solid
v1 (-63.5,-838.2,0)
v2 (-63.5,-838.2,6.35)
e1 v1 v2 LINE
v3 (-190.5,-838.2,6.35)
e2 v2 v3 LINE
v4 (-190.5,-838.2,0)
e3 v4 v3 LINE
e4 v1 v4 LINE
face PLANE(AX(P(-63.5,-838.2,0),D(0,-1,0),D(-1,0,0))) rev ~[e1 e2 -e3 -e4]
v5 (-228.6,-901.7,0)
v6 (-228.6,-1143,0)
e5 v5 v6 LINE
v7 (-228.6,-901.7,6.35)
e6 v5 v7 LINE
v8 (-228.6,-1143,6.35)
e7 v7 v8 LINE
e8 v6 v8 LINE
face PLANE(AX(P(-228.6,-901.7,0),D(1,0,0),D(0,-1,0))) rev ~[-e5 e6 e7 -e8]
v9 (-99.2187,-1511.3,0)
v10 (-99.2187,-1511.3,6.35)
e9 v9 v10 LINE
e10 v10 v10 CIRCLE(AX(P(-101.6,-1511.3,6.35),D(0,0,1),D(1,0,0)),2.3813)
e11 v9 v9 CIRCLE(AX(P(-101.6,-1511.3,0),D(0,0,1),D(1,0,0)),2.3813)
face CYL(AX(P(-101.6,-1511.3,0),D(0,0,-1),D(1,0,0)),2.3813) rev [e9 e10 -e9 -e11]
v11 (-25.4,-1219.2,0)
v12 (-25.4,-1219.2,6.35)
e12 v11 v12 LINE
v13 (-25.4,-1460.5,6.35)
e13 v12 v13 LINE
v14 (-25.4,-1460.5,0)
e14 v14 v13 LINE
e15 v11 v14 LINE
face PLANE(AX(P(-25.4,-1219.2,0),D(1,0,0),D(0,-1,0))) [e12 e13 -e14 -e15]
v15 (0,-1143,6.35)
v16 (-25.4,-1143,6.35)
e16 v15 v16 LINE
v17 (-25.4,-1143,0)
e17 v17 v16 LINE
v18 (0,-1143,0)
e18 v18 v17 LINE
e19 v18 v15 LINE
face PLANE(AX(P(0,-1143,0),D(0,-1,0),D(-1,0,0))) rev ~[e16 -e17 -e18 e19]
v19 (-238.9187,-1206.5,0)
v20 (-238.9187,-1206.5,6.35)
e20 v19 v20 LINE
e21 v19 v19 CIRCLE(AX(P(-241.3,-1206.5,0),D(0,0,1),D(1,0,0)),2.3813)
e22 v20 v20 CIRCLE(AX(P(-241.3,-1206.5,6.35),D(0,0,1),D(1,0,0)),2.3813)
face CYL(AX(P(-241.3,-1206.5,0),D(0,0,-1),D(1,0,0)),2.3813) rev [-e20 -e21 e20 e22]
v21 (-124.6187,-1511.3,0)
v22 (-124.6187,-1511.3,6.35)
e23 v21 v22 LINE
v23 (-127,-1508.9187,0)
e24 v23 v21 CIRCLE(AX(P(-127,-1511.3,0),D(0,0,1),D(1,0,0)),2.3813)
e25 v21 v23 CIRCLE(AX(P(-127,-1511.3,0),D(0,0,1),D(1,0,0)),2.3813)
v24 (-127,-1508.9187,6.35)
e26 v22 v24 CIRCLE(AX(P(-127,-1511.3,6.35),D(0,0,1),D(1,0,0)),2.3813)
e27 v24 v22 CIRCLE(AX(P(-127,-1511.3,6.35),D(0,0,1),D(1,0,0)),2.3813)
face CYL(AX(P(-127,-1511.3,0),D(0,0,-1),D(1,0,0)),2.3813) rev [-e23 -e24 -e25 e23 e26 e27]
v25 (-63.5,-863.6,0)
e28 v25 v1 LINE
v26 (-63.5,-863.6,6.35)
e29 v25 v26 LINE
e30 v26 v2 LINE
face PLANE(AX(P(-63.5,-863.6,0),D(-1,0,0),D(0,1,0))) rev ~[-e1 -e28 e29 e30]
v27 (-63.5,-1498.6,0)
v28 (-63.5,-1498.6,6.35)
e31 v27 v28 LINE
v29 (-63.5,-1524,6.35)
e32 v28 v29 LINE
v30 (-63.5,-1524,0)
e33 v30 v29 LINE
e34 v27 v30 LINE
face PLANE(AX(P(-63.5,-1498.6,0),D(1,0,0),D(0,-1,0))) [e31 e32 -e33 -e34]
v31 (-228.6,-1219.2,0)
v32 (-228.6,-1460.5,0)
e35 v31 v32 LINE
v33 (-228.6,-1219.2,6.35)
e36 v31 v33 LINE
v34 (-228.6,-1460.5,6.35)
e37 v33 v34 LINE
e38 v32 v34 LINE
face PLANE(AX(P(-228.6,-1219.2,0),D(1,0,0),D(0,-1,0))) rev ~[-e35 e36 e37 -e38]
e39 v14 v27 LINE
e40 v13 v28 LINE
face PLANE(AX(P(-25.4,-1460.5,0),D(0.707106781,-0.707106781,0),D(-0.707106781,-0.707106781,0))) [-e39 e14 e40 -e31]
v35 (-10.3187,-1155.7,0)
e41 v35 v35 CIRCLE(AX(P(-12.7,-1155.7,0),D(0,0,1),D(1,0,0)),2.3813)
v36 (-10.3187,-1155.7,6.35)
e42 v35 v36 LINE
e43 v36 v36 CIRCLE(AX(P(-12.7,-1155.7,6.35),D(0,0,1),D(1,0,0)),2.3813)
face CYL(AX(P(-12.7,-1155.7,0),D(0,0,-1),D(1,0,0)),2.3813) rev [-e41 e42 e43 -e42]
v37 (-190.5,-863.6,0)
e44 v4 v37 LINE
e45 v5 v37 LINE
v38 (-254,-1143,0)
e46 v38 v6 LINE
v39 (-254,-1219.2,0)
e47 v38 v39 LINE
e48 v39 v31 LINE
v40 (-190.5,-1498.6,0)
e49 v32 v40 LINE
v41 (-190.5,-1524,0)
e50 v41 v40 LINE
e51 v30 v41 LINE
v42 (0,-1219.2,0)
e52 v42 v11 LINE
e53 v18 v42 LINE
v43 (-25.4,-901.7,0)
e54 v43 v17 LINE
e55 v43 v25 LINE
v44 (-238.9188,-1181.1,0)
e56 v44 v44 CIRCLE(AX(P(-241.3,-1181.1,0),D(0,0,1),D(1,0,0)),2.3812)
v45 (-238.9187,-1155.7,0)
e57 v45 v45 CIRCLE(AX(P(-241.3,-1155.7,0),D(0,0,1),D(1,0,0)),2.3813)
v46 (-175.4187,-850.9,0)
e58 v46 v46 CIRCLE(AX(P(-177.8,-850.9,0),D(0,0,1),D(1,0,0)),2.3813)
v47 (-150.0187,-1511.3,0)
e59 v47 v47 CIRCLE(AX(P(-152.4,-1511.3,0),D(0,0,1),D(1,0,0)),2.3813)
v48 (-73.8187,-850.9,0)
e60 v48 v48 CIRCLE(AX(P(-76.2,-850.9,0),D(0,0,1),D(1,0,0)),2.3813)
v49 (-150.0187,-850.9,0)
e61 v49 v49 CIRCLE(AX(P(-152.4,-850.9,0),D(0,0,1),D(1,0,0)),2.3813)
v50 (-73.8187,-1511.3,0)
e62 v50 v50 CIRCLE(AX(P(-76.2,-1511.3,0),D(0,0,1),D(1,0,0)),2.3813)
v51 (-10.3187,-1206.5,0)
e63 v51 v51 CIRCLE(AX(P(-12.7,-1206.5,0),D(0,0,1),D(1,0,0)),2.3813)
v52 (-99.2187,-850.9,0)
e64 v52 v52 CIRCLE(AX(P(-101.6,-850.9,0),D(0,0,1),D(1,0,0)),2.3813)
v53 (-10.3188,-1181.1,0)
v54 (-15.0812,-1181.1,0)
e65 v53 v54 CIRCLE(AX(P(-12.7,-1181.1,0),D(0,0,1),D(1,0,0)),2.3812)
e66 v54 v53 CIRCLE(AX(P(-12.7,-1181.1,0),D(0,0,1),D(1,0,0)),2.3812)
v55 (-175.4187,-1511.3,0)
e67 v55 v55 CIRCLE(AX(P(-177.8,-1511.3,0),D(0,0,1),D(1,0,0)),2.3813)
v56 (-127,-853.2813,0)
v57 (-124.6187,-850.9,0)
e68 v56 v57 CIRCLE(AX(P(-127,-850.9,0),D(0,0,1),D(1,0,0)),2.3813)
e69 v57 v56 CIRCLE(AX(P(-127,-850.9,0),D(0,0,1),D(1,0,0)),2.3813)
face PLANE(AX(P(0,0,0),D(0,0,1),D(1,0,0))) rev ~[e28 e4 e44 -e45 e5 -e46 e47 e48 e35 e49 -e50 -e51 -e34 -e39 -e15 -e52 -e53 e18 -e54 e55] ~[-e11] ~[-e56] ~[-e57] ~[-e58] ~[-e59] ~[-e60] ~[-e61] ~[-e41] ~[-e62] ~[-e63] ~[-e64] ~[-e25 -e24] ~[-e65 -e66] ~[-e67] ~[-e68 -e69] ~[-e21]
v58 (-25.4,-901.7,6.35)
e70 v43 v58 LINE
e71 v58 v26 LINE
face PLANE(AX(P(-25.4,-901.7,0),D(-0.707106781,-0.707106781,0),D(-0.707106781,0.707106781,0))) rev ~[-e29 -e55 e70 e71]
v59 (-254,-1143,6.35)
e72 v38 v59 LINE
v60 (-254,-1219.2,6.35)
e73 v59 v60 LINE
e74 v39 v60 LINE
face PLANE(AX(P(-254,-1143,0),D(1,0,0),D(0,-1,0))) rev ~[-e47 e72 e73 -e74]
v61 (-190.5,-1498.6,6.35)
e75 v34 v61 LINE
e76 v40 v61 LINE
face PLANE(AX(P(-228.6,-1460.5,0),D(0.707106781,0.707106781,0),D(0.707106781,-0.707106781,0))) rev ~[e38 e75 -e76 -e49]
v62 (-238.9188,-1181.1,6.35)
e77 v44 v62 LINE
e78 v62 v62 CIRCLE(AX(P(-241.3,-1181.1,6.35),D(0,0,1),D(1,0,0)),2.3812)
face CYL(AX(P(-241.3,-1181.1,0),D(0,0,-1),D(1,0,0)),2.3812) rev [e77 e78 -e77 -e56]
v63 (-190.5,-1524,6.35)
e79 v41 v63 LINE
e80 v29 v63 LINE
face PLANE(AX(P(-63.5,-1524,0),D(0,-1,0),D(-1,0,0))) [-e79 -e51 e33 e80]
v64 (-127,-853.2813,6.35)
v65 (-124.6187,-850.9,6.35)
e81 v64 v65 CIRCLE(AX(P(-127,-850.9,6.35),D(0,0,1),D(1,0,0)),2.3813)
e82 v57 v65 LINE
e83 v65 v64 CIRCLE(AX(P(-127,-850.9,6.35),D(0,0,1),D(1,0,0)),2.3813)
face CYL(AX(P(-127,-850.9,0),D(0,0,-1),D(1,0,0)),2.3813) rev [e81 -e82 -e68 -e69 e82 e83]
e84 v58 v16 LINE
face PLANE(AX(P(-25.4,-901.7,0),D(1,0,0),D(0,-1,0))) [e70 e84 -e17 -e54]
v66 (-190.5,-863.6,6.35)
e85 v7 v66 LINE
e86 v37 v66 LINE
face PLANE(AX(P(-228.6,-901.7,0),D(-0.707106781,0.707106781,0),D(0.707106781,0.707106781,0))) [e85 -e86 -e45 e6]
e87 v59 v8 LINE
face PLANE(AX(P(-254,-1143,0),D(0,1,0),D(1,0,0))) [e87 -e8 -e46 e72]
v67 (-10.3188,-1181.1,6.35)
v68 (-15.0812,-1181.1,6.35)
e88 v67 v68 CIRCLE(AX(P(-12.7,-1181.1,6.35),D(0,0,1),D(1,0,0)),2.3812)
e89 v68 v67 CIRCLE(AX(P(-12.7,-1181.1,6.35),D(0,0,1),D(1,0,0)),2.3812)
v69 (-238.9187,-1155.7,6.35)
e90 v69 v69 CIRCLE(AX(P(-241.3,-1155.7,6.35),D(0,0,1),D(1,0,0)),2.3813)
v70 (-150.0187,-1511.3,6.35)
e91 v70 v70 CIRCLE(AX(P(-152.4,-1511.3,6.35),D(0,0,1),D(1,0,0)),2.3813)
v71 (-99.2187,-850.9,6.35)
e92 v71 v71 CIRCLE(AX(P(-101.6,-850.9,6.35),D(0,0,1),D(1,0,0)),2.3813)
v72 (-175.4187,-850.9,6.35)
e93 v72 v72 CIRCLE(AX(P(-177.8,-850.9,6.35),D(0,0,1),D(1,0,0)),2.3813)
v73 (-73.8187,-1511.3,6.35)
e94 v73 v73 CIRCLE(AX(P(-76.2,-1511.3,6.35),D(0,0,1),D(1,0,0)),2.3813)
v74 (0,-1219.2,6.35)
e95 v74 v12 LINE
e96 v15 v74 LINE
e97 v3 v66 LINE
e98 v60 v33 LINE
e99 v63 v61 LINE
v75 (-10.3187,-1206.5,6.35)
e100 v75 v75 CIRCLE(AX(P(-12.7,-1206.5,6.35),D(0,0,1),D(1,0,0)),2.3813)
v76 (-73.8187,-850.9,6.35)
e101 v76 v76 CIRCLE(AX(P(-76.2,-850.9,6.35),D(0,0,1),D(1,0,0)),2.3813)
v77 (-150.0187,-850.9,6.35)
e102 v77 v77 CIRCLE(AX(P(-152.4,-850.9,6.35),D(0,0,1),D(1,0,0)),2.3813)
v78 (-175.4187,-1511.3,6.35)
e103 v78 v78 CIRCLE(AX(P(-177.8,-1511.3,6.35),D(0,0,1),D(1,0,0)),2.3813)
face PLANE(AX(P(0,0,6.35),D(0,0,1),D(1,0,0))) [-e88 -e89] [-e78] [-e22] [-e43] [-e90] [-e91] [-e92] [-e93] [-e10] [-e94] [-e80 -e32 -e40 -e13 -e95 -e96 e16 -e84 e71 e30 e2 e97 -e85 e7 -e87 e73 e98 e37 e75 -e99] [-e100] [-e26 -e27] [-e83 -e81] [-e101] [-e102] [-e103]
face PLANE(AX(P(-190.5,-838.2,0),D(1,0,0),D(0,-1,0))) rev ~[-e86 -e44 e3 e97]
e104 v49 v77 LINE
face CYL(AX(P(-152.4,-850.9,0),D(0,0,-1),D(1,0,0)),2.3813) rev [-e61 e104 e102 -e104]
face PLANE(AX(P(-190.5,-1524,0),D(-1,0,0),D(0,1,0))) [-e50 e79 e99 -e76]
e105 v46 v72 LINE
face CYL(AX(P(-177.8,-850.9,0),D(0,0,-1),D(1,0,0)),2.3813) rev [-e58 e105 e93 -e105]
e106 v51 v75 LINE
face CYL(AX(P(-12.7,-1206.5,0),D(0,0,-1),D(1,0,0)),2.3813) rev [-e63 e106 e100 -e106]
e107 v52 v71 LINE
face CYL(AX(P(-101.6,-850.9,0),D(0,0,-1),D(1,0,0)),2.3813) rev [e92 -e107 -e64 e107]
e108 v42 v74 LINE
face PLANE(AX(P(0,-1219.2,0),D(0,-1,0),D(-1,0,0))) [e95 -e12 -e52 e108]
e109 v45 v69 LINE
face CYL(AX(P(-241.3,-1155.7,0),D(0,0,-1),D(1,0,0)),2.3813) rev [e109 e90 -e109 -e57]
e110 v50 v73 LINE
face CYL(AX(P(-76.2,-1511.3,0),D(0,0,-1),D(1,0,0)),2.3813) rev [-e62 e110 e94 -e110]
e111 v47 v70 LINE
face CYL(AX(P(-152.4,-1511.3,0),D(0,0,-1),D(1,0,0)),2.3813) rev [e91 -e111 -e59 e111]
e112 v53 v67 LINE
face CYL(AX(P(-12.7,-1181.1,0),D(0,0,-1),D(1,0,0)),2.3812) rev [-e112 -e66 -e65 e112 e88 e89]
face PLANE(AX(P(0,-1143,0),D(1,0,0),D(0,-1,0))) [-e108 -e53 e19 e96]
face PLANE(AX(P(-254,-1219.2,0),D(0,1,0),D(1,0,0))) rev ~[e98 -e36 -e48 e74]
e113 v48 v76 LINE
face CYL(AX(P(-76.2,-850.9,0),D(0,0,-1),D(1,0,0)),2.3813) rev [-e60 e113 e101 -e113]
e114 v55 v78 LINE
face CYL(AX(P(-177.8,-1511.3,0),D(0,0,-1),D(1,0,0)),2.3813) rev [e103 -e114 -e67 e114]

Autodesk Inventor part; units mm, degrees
ref_plane "YZ Plane" through (0, 0, 0) normal (1, 0, 0) x (0, 1, 0)
ref_plane "XZ Plane" through (0, 0, 0) normal (0, 1, 0) x (-1, 0, 0)
ref_plane "XY Plane" through (0, 0, 0) normal (0, 0, 1) x (1, 0, 0)
ref_plane "Work Plane3" through (0, 0, 0) normal (0, 0, 1) x (1, 0, 0)
sketch "Sketch1" plane through (0, 0, 0) normal (0, 0, 1) x (1, 0, 0)
  line L0 (-25.4, -893.191) -> (-25.4, -866.775) projected
  line L1 (-25.4, -893.191) -> (-23.241, -895.35) projected
  line L2 (-2.159, -895.35) -> (-23.241, -895.35) projected
  line L3 (-2.159, -895.35) -> (0, -893.191) projected
  line L4 (0, -866.775) -> (0, -893.191) projected
  arc A0 (3.175, -863.6) -> (0, -866.775) centre (3.175, -866.775) ccw projected
  line L5 (29.591, -863.6) -> (3.175, -863.6) projected
  line L6 (29.591, -863.6) -> (31.75, -861.441) projected
  line L7 (31.75, -840.359) -> (31.75, -861.441) projected
  line L8 (31.75, -840.359) -> (29.591, -838.2) projected
  line L9 (-54.991, -838.2) -> (29.591, -838.2) projected
  line L10 (-54.991, -838.2) -> (-57.15, -840.359) projected
  line L11 (-57.15, -861.441) -> (-57.15, -840.359) projected
  line L12 (-57.15, -861.441) -> (-54.991, -863.6) projected
  line L13 (-28.575, -863.6) -> (-54.991, -863.6) projected
  arc A1 (-25.4, -866.775) -> (-28.575, -863.6) centre (-28.575, -866.775) ccw projected
  circle A2 centre (12.7, -850.9) radius 2.0701 projected
  circle A3 centre (0, -850.9) radius 2.0701 projected
  circle A4 centre (-25.4, -850.9) radius 2.0701 projected
  circle A5 centre (-50.8, -850.9) radius 2.0701 projected
  circle A6 centre (-12.7, -876.3) radius 2.0701 projected
  circle A7 centre (-12.7, -863.6) radius 2.0701 projected
  circle A8 centre (-38.1, -850.9) radius 2.0701 projected
  circle A9 centre (-12.7, -850.9) radius 2.0701 projected
  circle A10 centre (-12.7, -889) radius 2.0701 projected
  circle A11 centre (25.4, -850.9) radius 2.0701 projected
  line L14 (-25.4, -863.6) -> (-25.4, -1498.6) construction
  line L15 (107.95, -863.6) -> (-361.95, -863.6) projected
  line L16 (-254, -893.191) -> (-254, -866.775) projected
  line L17 (-254, -893.191) -> (-251.841, -895.35) projected
  line L18 (-230.759, -895.35) -> (-251.841, -895.35) projected
  line L19 (-230.759, -895.35) -> (-228.6, -893.191) projected
  line L20 (-228.6, -866.775) -> (-228.6, -893.191) projected
  arc A12 (-225.425, -863.6) -> (-228.6, -866.775) centre (-225.425, -866.775) ccw projected
  line L21 (-199.009, -863.6) -> (-225.425, -863.6) projected
  line L22 (-199.009, -863.6) -> (-196.85, -861.441) projected
  line L23 (-196.85, -840.359) -> (-196.85, -861.441) projected
  line L24 (-196.85, -840.359) -> (-199.009, -838.2) projected
  line L25 (-283.591, -838.2) -> (-199.009, -838.2) projected
  line L26 (-283.591, -838.2) -> (-285.75, -840.359) projected
  line L27 (-285.75, -861.441) -> (-285.75, -840.359) projected
  line L28 (-285.75, -861.441) -> (-283.591, -863.6) projected
  line L29 (-257.175, -863.6) -> (-283.591, -863.6) projected
  arc A13 (-254, -866.775) -> (-257.175, -863.6) centre (-257.175, -866.775) ccw projected
  circle A14 centre (-215.9, -850.9) radius 2.0701 projected
  circle A15 centre (-228.6, -850.9) radius 2.0701 projected
  circle A16 centre (-254, -850.9) radius 2.0701 projected
  circle A17 centre (-279.4, -850.9) radius 2.0701 projected
  circle A18 centre (-241.3, -876.3) radius 2.0701 projected
  circle A19 centre (-241.3, -863.6) radius 2.0701 projected
  circle A20 centre (-266.7, -850.9) radius 2.0701 projected
  circle A21 centre (-241.3, -850.9) radius 2.0701 projected
  circle A22 centre (-241.3, -889) radius 2.0701 projected
  circle A23 centre (-203.2, -850.9) radius 2.0701 projected
  line L30 (-228.6, -863.6) -> (-228.6, -1498.6) projected
  line L31 (-361.95, -1498.6) -> (107.95, -1498.6) projected
  line L32 (0, -1469.009) -> (0, -1495.425) projected
  line L33 (0, -1469.009) -> (-2.159, -1466.85) projected
  line L34 (-23.241, -1466.85) -> (-2.159, -1466.85) projected
  line L35 (-23.241, -1466.85) -> (-25.4, -1469.009) projected
  line L36 (-25.4, -1495.425) -> (-25.4, -1469.009) projected
  arc A24 (-28.575, -1498.6) -> (-25.4, -1495.425) centre (-28.575, -1495.425) ccw projected
  line L37 (-54.991, -1498.6) -> (-28.575, -1498.6) projected
  line L38 (-54.991, -1498.6) -> (-57.15, -1500.759) projected
  line L39 (-57.15, -1521.841) -> (-57.15, -1500.759) projected
  line L40 (-57.15, -1521.841) -> (-54.991, -1524) projected
  line L41 (29.591, -1524) -> (-54.991, -1524) projected
  line L42 (29.591, -1524) -> (31.75, -1521.841) projected
  line L43 (31.75, -1500.759) -> (31.75, -1521.841) projected
  line L44 (31.75, -1500.759) -> (29.591, -1498.6) projected
  line L45 (3.175, -1498.6) -> (29.591, -1498.6) projected
  arc A25 (0, -1495.425) -> (3.175, -1498.6) centre (3.175, -1495.425) ccw projected
  circle A26 centre (-38.1, -1511.3) radius 2.0701 projected
  circle A27 centre (-25.4, -1511.3) radius 2.0701 projected
  circle A28 centre (0, -1511.3) radius 2.0701 projected
  circle A29 centre (25.4, -1511.3) radius 2.0701 projected
  circle A30 centre (-12.7, -1485.9) radius 2.0701 projected
  circle A31 centre (-12.7, -1498.6) radius 2.0701 projected
  circle A32 centre (12.7, -1511.3) radius 2.0701 projected
  circle A33 centre (-12.7, -1511.3) radius 2.0701 projected
  circle A34 centre (-12.7, -1473.2) radius 2.0701 projected
  circle A35 centre (-50.8, -1511.3) radius 2.0701 projected
  line L46 (-228.6, -1469.009) -> (-228.6, -1495.425) projected
  line L47 (-228.6, -1469.009) -> (-230.759, -1466.85) projected
  line L48 (-251.841, -1466.85) -> (-230.759, -1466.85) projected
  line L49 (-251.841, -1466.85) -> (-254, -1469.009) projected
  line L50 (-254, -1495.425) -> (-254, -1469.009) projected
  arc A36 (-257.175, -1498.6) -> (-254, -1495.425) centre (-257.175, -1495.425) ccw projected
  line L51 (-283.591, -1498.6) -> (-257.175, -1498.6) projected
  line L52 (-283.591, -1498.6) -> (-285.75, -1500.759) projected
  line L53 (-285.75, -1521.841) -> (-285.75, -1500.759) projected
  line L54 (-285.75, -1521.841) -> (-283.591, -1524) projected
  line L55 (-199.009, -1524) -> (-283.591, -1524) projected
  line L56 (-199.009, -1524) -> (-196.85, -1521.841) projected
  line L57 (-196.85, -1500.759) -> (-196.85, -1521.841) projected
  line L58 (-196.85, -1500.759) -> (-199.009, -1498.6) projected
  line L59 (-225.425, -1498.6) -> (-199.009, -1498.6) projected
  arc A37 (-228.6, -1495.425) -> (-225.425, -1498.6) centre (-225.425, -1495.425) ccw projected
  circle A38 centre (-266.7, -1511.3) radius 2.0701 projected
  circle A39 centre (-254, -1511.3) radius 2.0701 projected
  circle A40 centre (-228.6, -1511.3) radius 2.0701 projected
  circle A41 centre (-203.2, -1511.3) radius 2.0701 projected
  circle A42 centre (-241.3, -1485.9) radius 2.0701 projected
  circle A43 centre (-241.3, -1498.6) radius 2.0701 projected
  circle A44 centre (-215.9, -1511.3) radius 2.0701 projected
  circle A45 centre (-241.3, -1511.3) radius 2.0701 projected
  circle A46 centre (-241.3, -1473.2) radius 2.0701 projected
  circle A47 centre (-279.4, -1511.3) radius 2.0701 projected
  circle A48 centre (-76.2, -850.9) radius 2.0701 projected
  circle A49 centre (-101.6, -850.9) radius 2.0701 projected
  circle A50 centre (-127, -850.9) radius 2.0701 projected
  circle A51 centre (-152.4, -850.9) radius 2.0701 projected
  circle A52 centre (-177.8, -850.9) radius 2.0701 projected
  circle A53 centre (-76.2, -1511.3) radius 2.0701 projected
  circle A54 centre (-101.6, -1511.3) radius 2.0701 projected
  circle A55 centre (-127, -1511.3) radius 2.0701 projected
  circle A56 centre (-152.4, -1511.3) radius 2.0701 projected
  circle A57 centre (-177.8, -1511.3) radius 2.0701 projected
  circle A58 centre (-241.3, -1155.7) radius 2.0701 projected
  circle A59 centre (-241.3, -1181.1) radius 2.0701 projected
  circle A60 centre (-241.3, -1206.5) radius 2.0701 projected
  circle A61 centre (-12.7, -1181.1) radius 2.0701 projected
  circle A62 centre (-12.7, -1206.5) radius 2.0701 projected
  circle A63 centre (-12.7, -1155.7) radius 2.0701 projected
  line L60 (-63.5, -863.6) -> (-63.5, -838.2)
  line L61 (-63.5, -838.2) -> (-190.5, -838.2)
  line L62 (-190.5, -838.2) -> (-190.5, -863.6)
  line L63 (-25.4, -901.7) -> (-25.4, -1143)
  line L64 (0, -1143) -> (0, -1219.2)
  line L65 (0, -1219.2) -> (-25.4, -1219.2)
  line L66 (0, -1143) -> (-25.4, -1143)
  line L67 (-25.4, -1219.2) -> (-25.4, -1460.5)
  circle A64 centre (-12.7, -1155.7) radius 2.3813
  circle A65 centre (-12.7, -1181.1) radius 2.3812
  circle A66 centre (-12.7, -1206.5) radius 2.3813
  line L68 (-25.4, -901.7) -> (-63.5, -863.6)
  line L69 (-12.7, -1181.1) -> (-241.3, -1181.1)
  line L70 (-127, -850.9) -> (-127, -1511.3)
  line L71 (-228.6, -901.7) -> (-228.6, -1143)
  line L72 (-254, -1143) -> (-254, -1219.2)
  line L73 (-254, -1219.2) -> (-228.6, -1219.2)
  line L74 (-254, -1143) -> (-228.6, -1143)
  line L75 (-228.6, -1219.2) -> (-228.6, -1460.5)
  circle A67 centre (-241.3, -1155.7) radius 2.3813
  circle A68 centre (-241.3, -1181.1) radius 2.3812
  circle A69 centre (-241.3, -1206.5) radius 2.3813
  line L76 (-228.6, -901.7) -> (-190.5, -863.6)
  circle A70 centre (-177.8, -850.9) radius 2.3813
  circle A71 centre (-152.4, -850.9) radius 2.3813
  circle A72 centre (-127, -850.9) radius 2.3813
  circle A73 centre (-101.6, -850.9) radius 2.3813
  circle A74 centre (-76.2, -850.9) radius 2.3813
  line L77 (-63.5, -1498.6) -> (-63.5, -1524)
  line L78 (-63.5, -1524) -> (-190.5, -1524)
  line L79 (-190.5, -1524) -> (-190.5, -1498.6)
  line L80 (-25.4, -1460.5) -> (-63.5, -1498.6)
  line L81 (-228.6, -1460.5) -> (-190.5, -1498.6)
  circle A75 centre (-177.8, -1511.3) radius 2.3813
  circle A76 centre (-152.4, -1511.3) radius 2.3813
  circle A77 centre (-127, -1511.3) radius 2.3813
  circle A78 centre (-101.6, -1511.3) radius 2.3813
  circle A79 centre (-76.2, -1511.3) radius 2.3813
  point P0 (0, 0)
  dimension "d0" = 6.35
  dimension "d1" = 6.35
  dimension "d2" = 25.4
  dimension "d3" = 6.35
  dimension "d4" = 6.35
  dimension "d5" = 25.4
  dimension "d6" = 12.7
  dimension "d7" = 12.7
  dimension "d8" = 4.7625
  dimension "d9" = 4.7625
  dimension "d10" = 4.7625
extrude "Extrusion1" add sketch "Sketch1" along normal blind 6.35 contours L68 L63 L66 L64 L65 L67 L80 L31 L70 L15 | L15 L62 L61 L60 | L70 L69 L30 L76 L15 | L70 L31 L81 L30 L69 | L30 L73 L72 L74 | L31 L77 L78 L79
equation "\"d9\" = d8"
equation "\"d10\" = d8"
properties part number "Test_Swerve_Center" material "PMMA Plastic"
